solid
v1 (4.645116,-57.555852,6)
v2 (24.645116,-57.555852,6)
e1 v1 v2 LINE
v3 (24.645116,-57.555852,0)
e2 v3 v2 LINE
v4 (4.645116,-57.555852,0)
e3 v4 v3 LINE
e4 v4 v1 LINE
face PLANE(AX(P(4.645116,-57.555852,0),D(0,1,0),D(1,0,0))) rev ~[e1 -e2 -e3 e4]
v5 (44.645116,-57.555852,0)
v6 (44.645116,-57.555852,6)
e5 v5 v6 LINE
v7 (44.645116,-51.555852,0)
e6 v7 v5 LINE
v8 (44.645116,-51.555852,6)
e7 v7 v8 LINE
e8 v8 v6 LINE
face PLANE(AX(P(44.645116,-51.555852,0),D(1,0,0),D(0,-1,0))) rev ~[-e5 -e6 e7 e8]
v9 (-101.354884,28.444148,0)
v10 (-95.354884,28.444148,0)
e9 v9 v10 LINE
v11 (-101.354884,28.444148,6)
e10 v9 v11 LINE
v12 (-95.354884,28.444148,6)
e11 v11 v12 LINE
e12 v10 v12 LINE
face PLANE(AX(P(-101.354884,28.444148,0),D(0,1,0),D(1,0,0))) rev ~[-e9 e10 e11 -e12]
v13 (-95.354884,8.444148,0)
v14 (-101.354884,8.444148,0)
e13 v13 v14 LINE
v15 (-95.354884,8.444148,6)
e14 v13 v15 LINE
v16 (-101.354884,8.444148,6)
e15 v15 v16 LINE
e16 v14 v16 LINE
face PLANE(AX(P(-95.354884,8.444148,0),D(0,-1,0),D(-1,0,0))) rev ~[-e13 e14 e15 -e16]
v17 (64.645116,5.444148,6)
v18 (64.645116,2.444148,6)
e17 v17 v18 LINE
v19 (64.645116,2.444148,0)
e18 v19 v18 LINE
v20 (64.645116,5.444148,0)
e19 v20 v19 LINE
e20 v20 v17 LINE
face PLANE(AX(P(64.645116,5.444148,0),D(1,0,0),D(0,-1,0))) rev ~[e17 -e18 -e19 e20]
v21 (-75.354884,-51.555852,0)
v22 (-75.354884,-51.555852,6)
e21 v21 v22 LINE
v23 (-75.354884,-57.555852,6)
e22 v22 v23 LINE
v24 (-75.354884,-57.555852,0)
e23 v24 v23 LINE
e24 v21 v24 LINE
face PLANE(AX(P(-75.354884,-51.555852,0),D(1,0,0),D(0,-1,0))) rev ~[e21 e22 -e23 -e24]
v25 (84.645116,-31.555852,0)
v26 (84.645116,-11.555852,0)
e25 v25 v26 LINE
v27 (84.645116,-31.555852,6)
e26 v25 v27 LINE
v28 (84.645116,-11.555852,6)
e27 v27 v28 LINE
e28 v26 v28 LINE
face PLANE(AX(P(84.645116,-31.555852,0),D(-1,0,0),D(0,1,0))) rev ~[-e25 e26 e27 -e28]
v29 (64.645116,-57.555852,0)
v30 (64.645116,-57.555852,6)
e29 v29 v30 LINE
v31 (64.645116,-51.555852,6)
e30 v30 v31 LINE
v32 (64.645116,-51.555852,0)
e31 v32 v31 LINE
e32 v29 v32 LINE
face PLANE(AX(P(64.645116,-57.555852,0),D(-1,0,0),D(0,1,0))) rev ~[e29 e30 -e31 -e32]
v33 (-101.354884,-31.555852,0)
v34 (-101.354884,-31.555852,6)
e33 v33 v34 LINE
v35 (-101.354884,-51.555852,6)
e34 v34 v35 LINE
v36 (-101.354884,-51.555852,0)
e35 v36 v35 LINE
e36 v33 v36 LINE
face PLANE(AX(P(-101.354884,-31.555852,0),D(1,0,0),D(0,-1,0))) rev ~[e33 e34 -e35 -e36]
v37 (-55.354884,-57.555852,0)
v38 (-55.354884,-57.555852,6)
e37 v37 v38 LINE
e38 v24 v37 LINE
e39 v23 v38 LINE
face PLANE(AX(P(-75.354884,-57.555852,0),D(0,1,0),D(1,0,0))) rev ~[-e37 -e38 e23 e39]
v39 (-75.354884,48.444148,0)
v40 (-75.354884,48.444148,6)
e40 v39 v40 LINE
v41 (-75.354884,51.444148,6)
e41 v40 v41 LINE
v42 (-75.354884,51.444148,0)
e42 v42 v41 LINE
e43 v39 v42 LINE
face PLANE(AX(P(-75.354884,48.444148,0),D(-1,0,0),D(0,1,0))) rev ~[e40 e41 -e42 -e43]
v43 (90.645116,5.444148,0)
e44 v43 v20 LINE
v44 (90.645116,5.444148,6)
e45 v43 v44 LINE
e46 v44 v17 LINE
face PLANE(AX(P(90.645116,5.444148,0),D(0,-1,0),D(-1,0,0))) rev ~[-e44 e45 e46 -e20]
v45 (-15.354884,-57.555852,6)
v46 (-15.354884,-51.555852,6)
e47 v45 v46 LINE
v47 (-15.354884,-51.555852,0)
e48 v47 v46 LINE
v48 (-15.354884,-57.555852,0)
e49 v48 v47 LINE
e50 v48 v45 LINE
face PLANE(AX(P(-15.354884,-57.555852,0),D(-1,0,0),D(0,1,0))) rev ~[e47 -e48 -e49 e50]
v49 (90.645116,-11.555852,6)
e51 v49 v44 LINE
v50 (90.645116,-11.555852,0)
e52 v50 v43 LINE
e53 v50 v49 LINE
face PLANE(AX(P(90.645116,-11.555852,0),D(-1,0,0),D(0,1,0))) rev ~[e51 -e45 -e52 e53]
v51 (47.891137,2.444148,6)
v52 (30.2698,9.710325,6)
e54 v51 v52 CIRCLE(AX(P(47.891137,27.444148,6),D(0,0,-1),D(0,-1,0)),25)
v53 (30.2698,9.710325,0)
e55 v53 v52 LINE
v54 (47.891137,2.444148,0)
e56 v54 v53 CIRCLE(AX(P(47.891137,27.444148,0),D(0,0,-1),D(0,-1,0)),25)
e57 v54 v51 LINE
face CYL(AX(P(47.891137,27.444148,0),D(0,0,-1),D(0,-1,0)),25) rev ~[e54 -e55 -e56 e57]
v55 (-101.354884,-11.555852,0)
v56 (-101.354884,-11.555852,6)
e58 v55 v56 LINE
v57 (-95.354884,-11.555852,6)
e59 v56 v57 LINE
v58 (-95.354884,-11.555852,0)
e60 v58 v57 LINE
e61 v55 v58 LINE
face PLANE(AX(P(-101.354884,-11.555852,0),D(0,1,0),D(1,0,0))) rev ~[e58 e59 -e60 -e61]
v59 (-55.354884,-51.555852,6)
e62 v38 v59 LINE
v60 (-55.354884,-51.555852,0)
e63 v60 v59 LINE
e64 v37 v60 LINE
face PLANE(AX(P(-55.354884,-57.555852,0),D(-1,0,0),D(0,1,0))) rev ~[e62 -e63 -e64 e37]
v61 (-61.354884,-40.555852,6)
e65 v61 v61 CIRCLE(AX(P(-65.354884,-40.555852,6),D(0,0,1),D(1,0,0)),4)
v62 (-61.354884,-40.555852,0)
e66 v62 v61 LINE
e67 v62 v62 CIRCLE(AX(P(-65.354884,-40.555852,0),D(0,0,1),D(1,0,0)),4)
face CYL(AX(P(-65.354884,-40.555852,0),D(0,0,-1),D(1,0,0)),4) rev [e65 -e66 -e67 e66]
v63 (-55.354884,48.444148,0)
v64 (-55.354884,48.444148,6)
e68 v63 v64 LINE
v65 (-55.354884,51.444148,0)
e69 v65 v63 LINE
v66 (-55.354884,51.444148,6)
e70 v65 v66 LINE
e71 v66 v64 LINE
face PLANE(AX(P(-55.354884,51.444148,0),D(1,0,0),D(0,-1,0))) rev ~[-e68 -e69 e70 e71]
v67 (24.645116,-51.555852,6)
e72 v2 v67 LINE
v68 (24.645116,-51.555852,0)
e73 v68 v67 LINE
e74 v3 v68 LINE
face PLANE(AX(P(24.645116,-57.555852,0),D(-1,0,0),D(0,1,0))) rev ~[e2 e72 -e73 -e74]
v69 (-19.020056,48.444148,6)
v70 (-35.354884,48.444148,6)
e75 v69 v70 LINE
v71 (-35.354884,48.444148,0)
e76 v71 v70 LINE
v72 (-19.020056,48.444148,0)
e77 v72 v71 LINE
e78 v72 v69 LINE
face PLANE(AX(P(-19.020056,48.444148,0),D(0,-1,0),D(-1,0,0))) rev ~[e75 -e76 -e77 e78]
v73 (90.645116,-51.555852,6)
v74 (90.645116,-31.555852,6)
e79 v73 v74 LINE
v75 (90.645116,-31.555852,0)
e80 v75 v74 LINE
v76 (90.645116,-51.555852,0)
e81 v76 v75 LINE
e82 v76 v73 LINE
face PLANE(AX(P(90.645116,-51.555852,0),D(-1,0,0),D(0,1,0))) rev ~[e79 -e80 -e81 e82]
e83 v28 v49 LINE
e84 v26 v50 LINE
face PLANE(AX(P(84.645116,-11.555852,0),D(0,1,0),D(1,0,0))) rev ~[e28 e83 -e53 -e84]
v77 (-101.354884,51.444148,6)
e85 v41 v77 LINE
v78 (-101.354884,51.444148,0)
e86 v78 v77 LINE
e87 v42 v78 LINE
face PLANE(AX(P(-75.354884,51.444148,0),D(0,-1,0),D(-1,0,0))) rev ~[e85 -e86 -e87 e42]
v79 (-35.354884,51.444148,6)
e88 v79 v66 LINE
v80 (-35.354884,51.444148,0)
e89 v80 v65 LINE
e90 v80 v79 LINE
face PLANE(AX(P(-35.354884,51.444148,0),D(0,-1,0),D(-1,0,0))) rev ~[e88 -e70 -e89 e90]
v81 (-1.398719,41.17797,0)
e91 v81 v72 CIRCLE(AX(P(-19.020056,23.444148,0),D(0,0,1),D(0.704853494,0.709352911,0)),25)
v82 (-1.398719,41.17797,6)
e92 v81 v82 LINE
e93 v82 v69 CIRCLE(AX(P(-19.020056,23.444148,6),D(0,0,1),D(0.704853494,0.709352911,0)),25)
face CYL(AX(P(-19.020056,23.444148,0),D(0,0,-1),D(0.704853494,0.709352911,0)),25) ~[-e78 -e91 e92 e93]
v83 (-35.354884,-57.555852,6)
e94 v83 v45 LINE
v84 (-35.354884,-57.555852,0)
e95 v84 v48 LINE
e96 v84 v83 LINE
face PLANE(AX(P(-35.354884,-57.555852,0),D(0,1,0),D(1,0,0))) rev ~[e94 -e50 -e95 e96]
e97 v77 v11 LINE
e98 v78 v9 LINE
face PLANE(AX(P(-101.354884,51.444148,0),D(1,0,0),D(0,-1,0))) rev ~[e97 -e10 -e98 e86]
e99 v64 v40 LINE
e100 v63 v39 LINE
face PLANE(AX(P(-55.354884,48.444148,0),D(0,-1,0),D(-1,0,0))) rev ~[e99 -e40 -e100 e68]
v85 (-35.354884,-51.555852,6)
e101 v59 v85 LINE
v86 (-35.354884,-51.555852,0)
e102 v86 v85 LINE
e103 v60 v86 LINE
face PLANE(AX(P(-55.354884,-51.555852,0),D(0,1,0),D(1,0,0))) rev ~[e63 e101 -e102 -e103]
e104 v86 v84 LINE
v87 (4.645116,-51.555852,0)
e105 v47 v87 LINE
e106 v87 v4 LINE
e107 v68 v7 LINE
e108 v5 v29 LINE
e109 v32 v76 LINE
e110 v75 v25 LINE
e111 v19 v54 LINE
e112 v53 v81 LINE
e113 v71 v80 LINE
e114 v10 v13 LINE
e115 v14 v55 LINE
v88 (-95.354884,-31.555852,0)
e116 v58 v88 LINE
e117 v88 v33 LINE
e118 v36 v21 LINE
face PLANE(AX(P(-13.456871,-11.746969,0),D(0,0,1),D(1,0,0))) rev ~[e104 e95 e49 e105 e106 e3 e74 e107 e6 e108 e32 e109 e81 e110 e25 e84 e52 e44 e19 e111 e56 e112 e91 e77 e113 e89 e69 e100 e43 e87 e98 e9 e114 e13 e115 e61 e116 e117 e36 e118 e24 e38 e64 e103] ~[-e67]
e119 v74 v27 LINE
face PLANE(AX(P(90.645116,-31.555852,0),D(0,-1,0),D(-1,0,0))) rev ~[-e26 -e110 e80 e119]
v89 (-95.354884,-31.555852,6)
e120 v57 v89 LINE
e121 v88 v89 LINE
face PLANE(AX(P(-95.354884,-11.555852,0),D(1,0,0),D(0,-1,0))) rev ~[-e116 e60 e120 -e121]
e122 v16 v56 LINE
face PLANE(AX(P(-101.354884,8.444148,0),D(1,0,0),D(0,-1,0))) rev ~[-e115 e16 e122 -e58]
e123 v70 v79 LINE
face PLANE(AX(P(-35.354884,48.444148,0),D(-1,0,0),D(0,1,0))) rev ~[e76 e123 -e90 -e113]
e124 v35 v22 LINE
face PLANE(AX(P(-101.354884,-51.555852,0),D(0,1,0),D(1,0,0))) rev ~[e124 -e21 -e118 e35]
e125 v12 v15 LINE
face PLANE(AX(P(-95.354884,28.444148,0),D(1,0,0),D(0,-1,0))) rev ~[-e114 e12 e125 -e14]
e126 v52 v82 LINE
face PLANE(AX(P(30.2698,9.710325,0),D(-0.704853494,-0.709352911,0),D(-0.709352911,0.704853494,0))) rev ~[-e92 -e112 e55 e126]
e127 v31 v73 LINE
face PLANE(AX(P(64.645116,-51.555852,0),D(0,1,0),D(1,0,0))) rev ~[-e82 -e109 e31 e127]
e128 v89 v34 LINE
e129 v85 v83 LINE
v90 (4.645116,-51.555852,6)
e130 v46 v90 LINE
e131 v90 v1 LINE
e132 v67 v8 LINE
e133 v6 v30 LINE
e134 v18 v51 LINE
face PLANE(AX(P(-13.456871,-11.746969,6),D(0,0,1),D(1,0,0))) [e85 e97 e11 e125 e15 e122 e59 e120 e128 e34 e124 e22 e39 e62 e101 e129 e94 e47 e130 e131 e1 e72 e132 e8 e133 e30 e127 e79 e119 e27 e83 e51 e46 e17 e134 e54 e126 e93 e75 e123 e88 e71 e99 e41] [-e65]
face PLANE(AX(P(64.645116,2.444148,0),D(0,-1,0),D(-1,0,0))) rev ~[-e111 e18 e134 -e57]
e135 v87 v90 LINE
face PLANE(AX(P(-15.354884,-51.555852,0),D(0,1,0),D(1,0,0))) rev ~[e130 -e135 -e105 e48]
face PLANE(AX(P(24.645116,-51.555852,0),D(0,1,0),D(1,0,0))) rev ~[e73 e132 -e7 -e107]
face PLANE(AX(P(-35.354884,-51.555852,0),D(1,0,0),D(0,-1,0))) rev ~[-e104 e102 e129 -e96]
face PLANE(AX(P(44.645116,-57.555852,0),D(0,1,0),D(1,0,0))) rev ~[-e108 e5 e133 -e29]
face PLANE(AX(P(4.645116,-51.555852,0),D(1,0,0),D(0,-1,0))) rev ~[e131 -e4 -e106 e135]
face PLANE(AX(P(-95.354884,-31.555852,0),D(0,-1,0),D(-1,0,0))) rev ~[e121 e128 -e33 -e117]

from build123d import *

# Parameters (mm, degrees)
SKETCH1_R           = 4
BOSS_EXTRUDE1_DEPTH = 6


with BuildPart() as part:
    # Sketch1 → Boss-Extrude1 (new body)
    with BuildSketch(Plane.XY):
        with BuildLine():
            Line((-95.354884471, 28.444147702), (-95.354884471, 8.444147702))
            Line((-95.354884471, 8.444147702), (-101.354884471, 8.444147702))
            Line((-101.354884471, 8.444147702), (-101.354884471, -11.555852298))
            Line((-101.354884471, -11.555852298), (-95.354884471, -11.555852298))
            Line((-95.354884471, -11.555852298), (-95.354884471, -31.555852298))
            Line((-95.354884471, -31.555852298), (-101.354884471, -31.555852298))
            Line((-101.354884471, -31.555852298), (-101.354884471, -51.555852298))
            Line((-101.354884471, -51.555852298), (-75.354884471, -51.555852298))
            Line((-75.354884471, -51.555852298), (-75.354884471, -57.555852298))
            Line((-75.354884471, -57.555852298), (-55.354884471, -57.555852298))
            Line((-55.354884471, -57.555852298), (-55.354884471, -51.555852298))
            Line((-55.354884471, -51.555852298), (-35.354884471, -51.555852298))
            Line((-35.354884471, -51.555852298), (-35.354884471, -57.555852298))
            Line((-35.354884471, -57.555852298), (-15.354884471, -57.555852298))
            Line((-15.354884471, -57.555852298), (-15.354884471, -51.555852298))
            Line((-15.354884471, -51.555852298), (4.645115529, -51.555852298))
            Line((4.645115529, -51.555852298), (4.645115529, -57.555852298))
            Line((4.645115529, -57.555852298), (24.645115529, -57.555852298))
            Line((24.645115529, -57.555852298), (24.645115529, -51.555852298))
            Line((24.645115529, -51.555852298), (44.645115529, -51.555852298))
            Line((44.645115529, -51.555852298), (44.645115529, -57.555852298))
            Line((44.645115529, -57.555852298), (64.645115529, -57.555852298))
            Line((64.645115529, -57.555852298), (64.645115529, -51.555852298))
            Line((64.645115529, -51.555852298), (90.645115529, -51.555852298))
            Line((90.645115529, -51.555852298), (90.645115529, -31.555852298))
            Line((90.645115529, -31.555852298), (84.645115529, -31.555852298))
            Line((84.645115529, -31.555852298), (84.645115529, -11.555852298))
            Line((84.645115529, -11.555852298), (90.645115529, -11.555852298))
            Line((90.645115529, -11.555852298), (90.645115529, 5.444147702))
            Line((90.645115529, 5.444147702), (64.645115529, 5.444147702))
            Line((64.645115529, 5.444147702), (64.645115529, 2.444147702))
            Line((64.645115529, 2.444147702), (47.89113696, 2.444147702))
            ThreePointArc((47.89113696, 2.444147702), (38.36080563, 4.331969424), (30.269799621, 9.710324922))
            Line((30.269799621, 9.710324922), (-1.398719, 41.177970481))
            ThreePointArc((-1.398719, 41.177970481), (-9.48972501, 46.55632598), (-19.020056339, 48.444147702))
            Line((-19.020056339, 48.444147702), (-35.354884471, 48.444147702))
            Line((-35.354884471, 48.444147702), (-35.354884471, 51.444147702))
            Line((-35.354884471, 51.444147702), (-55.354884471, 51.444147702))
            Line((-55.354884471, 51.444147702), (-55.354884471, 48.444147702))
            Line((-55.354884471, 48.444147702), (-75.354884471, 48.444147702))
            Line((-75.354884471, 48.444147702), (-75.354884471, 51.444147702))
            Line((-75.354884471, 51.444147702), (-101.354884471, 51.444147702))
            Line((-101.354884471, 51.444147702), (-101.354884471, 28.444147702))
            Line((-101.354884471, 28.444147702), (-95.354884471, 28.444147702))
        make_face()
        with Locations((-65.354884471, -40.555852298)):
            Circle(SKETCH1_R, mode=Mode.SUBTRACT)
    extrude(amount=BOSS_EXTRUDE1_DEPTH)


solid = part.part
